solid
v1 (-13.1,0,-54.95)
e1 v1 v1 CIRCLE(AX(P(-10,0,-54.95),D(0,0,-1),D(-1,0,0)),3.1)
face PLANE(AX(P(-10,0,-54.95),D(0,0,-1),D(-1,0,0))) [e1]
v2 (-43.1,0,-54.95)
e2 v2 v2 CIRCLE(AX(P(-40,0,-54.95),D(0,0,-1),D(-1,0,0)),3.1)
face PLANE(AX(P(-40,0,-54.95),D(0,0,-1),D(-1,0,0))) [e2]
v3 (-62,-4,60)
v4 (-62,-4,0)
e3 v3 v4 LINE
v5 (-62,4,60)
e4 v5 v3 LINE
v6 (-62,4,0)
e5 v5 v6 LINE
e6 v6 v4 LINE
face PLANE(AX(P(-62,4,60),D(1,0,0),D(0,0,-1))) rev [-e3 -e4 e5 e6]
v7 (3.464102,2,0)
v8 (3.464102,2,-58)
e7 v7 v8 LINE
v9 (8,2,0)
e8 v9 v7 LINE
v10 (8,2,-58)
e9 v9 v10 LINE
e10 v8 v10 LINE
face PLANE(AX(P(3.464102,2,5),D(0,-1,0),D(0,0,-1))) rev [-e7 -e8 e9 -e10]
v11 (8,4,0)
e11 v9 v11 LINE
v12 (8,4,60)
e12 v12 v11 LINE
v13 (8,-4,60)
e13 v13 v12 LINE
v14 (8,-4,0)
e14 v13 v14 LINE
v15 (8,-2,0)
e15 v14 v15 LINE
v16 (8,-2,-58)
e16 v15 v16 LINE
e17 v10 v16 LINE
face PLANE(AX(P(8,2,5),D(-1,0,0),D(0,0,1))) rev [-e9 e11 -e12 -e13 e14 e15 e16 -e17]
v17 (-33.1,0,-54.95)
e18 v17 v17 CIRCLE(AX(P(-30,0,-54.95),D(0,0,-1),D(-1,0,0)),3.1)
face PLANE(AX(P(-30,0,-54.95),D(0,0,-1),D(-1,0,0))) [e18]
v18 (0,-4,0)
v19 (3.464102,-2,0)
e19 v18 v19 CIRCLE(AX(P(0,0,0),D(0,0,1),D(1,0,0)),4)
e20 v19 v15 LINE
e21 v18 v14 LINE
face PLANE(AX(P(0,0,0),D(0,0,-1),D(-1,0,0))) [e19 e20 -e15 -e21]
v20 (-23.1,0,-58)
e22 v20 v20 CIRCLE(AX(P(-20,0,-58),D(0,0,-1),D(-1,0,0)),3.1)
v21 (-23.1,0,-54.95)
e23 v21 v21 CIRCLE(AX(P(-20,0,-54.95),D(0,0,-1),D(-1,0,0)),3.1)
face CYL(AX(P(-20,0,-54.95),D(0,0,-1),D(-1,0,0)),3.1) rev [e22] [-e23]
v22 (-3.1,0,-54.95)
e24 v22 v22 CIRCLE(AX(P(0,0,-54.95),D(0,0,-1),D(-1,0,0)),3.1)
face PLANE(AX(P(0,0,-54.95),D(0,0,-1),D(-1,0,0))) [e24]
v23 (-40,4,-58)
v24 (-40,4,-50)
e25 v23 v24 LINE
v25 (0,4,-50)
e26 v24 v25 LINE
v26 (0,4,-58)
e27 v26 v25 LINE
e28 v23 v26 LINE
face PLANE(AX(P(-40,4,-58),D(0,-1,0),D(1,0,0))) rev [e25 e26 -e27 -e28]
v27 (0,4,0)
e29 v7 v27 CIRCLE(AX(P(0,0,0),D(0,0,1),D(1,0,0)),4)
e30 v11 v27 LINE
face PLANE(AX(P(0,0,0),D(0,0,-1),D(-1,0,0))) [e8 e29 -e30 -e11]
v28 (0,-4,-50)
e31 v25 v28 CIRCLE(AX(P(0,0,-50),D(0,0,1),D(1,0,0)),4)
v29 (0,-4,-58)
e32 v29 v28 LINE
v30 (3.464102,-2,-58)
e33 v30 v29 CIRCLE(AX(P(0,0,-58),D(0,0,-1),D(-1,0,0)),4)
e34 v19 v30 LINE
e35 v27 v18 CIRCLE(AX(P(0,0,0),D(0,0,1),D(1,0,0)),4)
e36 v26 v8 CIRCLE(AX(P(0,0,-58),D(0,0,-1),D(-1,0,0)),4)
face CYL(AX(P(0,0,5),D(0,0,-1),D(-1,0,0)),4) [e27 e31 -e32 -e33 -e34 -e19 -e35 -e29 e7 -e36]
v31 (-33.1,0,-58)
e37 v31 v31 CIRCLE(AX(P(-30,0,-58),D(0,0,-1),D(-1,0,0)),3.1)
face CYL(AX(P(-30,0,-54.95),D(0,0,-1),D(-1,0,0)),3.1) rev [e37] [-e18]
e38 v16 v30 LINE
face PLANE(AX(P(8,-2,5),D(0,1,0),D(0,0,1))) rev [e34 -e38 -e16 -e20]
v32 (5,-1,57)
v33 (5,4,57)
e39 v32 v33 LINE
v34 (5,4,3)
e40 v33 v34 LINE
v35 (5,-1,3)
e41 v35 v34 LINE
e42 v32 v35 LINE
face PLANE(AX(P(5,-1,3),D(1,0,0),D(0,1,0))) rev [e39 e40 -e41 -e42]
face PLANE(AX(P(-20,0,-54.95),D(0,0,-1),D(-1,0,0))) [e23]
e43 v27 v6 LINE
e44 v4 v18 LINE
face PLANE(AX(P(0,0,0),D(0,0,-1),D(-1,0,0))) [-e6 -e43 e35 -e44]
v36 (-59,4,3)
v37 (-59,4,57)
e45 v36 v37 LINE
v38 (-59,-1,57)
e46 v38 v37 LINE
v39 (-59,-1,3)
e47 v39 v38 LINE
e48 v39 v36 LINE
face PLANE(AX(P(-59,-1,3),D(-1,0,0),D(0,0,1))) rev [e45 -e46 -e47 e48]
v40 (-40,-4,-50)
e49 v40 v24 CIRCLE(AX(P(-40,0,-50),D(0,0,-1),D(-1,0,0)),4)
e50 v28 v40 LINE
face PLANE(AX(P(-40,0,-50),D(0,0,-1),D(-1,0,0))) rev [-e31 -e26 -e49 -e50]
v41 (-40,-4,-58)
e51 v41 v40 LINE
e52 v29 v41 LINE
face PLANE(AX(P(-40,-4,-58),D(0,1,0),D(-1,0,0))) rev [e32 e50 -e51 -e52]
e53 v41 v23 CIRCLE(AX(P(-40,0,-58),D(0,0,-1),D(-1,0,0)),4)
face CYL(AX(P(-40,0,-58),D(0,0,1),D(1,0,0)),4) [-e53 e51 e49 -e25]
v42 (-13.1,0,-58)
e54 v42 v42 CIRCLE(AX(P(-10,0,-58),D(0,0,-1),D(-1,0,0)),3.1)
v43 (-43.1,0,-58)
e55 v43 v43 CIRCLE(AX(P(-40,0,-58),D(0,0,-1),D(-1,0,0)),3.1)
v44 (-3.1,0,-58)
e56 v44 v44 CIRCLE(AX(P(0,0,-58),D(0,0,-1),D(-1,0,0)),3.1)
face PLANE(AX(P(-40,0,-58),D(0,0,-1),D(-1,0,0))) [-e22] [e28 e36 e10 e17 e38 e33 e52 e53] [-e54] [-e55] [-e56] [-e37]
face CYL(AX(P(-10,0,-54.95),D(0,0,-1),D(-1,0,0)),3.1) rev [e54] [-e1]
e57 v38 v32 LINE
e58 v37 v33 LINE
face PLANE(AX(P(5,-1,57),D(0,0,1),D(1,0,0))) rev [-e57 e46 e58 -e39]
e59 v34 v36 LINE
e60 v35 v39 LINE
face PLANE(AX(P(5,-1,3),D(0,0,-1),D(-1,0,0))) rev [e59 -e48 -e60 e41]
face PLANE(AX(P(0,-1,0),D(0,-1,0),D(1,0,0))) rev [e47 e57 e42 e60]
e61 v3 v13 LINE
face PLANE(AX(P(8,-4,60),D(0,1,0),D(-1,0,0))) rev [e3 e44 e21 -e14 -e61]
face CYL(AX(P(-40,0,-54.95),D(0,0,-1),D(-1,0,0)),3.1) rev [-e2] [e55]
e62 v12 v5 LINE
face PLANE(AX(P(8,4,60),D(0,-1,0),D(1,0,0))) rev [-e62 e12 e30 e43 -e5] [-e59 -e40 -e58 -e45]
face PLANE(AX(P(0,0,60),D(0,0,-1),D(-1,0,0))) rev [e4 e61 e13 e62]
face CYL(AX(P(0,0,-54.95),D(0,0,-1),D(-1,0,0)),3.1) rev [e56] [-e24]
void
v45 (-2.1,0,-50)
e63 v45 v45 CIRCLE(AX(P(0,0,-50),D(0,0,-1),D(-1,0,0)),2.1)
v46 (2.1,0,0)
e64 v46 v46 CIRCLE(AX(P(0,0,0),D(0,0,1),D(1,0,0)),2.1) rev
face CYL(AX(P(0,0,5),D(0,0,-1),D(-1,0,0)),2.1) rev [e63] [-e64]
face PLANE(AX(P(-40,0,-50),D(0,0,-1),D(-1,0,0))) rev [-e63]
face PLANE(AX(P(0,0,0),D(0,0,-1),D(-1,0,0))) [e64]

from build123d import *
from build123d.topology import SkipClean

# Parameters (mm, degrees)
EXTRUDE_1_DEPTH      = 5
EXTRUDE_1_DEPTH_BACK = 50
SKETCH_2_R           = 2.1
CUT_EXTRUDE_1_DEPTH  = 56.722526863
SKETCH_13_R          = 8.470611641
CUT_EXTRUDE_6_DEPTH  = 5
EXTRUDE_START        = 8
EXTRUDE_4_DEPTH      = 8
SKETCH_18_R          = 3.1
CUT_EXTRUDE_7_DEPTH  = 3.05
EXTRUDE_5_DEPTH      = 8
SKETCH_21_W          = 70
SKETCH_21_H          = 8
EXTRUDE_6_DEPTH      = 60
SKETCH_22_W          = 64
SKETCH_22_H          = 54
CUT_EXTRUDE_8_DEPTH  = 5


with BuildPart() as part:
    # ｽｹｯﾁ1 → ﾎﾞｽ - 押し出し1 (new, two sides: drawn at the far end of the back side and taken through both)
    with BuildSketch(Plane.XY.offset(-EXTRUDE_1_DEPTH_BACK)):
        with BuildLine():
            Line((3.464101615, 2), (8, 2))
            Line((8, 2), (8, -2))
            Line((8, -2), (3.464101615, -2))
            ThreePointArc((3.464101615, -2), (-4, 0), (3.464101615, 2))
        make_face()
    extrude(amount=EXTRUDE_1_DEPTH + EXTRUDE_1_DEPTH_BACK)

    # ｽｹｯﾁ2 → ｶｯﾄ - 押し出し1 (cut, through all)
    with BuildSketch(Plane(origin=(0, 0, -50), x_dir=(-1, 0, 0), z_dir=(0, 0, -1))):
        Circle(SKETCH_2_R)
    extrude(amount=-CUT_EXTRUDE_1_DEPTH, mode=Mode.SUBTRACT)

    # ｽｹｯﾁ13 → ｶｯﾄ - 押し出し6 (cut)
    with BuildSketch(Plane.XY.offset(5)):
        Circle(SKETCH_13_R)
    extrude(amount=-CUT_EXTRUDE_6_DEPTH, mode=Mode.SUBTRACT)

    # ｽｹｯﾁ15 → ﾎﾞｽ - 押し出し4 (add)
    with SkipClean():  # the faces are left unmerged after this step: merging them gives an invalid solid
        with BuildSketch(Plane(origin=(0, 0, -50), x_dir=(-1, 0, 0), z_dir=(0, 0, -1)).offset(EXTRUDE_START)):
            with BuildLine():
                Line((40, -4), (0, -4))
                ThreePointArc((0, -4), (-4, 0), (0, 4))
                Line((0, 4), (40, 4))
                ThreePointArc((40, 4), (44, 0), (40, -4))
            make_face()
        extrude(amount=-EXTRUDE_4_DEPTH)

    # ｽｹｯﾁ18 → ｶｯﾄ - 押し出し7 (cut)
    with SkipClean():  # the faces are left unmerged after this step: merging them gives an invalid solid
        with BuildSketch(Plane(origin=(0, 0, -58), x_dir=(-1, 0, 0), z_dir=(0, 0, -1))):
            Circle(SKETCH_18_R)
            with Locations((40, 0)):
                Circle(SKETCH_18_R)
            with Locations((20, 0)):
                Circle(SKETCH_18_R)
            with Locations((10, 0)):
                Circle(SKETCH_18_R)
            with Locations((30, 0)):
                Circle(SKETCH_18_R)
        extrude(amount=-CUT_EXTRUDE_7_DEPTH, mode=Mode.SUBTRACT)

    # ｽｹｯﾁ20 → ﾎﾞｽ - 押し出し5 (add)
    with BuildSketch(Plane(origin=(0, 0, -50), x_dir=(-1, 0, 0), z_dir=(0, 0, -1)).offset(EXTRUDE_START)):
        with BuildLine():
            Line((-3.464101615, 2), (-8, 2))
            Line((-8, 2), (-8, -2))
            Line((-8, -2), (-3.464101615, -2))
            ThreePointArc((-3.464101615, -2), (-4, 0), (-3.464101615, 2))
        make_face()
    extrude(amount=-EXTRUDE_5_DEPTH)

    # ｽｹｯﾁ21 → ﾎﾞｽ - 押し出し6 (add)
    with BuildSketch(Plane.XY):
        with Locations((-27, 0)):
            Rectangle(SKETCH_21_W, SKETCH_21_H)
    extrude(amount=EXTRUDE_6_DEPTH)

    # ｽｹｯﾁ22 → ｶｯﾄ - 押し出し8 (cut)
    with BuildSketch(Plane(origin=(0, 4, 0), x_dir=(1, 0, 0), z_dir=(0, 1, 0))):
        with Locations((-27, -30)):
            Rectangle(SKETCH_22_W, SKETCH_22_H)
    extrude(amount=-CUT_EXTRUDE_8_DEPTH, mode=Mode.SUBTRACT)


solid = part.part
